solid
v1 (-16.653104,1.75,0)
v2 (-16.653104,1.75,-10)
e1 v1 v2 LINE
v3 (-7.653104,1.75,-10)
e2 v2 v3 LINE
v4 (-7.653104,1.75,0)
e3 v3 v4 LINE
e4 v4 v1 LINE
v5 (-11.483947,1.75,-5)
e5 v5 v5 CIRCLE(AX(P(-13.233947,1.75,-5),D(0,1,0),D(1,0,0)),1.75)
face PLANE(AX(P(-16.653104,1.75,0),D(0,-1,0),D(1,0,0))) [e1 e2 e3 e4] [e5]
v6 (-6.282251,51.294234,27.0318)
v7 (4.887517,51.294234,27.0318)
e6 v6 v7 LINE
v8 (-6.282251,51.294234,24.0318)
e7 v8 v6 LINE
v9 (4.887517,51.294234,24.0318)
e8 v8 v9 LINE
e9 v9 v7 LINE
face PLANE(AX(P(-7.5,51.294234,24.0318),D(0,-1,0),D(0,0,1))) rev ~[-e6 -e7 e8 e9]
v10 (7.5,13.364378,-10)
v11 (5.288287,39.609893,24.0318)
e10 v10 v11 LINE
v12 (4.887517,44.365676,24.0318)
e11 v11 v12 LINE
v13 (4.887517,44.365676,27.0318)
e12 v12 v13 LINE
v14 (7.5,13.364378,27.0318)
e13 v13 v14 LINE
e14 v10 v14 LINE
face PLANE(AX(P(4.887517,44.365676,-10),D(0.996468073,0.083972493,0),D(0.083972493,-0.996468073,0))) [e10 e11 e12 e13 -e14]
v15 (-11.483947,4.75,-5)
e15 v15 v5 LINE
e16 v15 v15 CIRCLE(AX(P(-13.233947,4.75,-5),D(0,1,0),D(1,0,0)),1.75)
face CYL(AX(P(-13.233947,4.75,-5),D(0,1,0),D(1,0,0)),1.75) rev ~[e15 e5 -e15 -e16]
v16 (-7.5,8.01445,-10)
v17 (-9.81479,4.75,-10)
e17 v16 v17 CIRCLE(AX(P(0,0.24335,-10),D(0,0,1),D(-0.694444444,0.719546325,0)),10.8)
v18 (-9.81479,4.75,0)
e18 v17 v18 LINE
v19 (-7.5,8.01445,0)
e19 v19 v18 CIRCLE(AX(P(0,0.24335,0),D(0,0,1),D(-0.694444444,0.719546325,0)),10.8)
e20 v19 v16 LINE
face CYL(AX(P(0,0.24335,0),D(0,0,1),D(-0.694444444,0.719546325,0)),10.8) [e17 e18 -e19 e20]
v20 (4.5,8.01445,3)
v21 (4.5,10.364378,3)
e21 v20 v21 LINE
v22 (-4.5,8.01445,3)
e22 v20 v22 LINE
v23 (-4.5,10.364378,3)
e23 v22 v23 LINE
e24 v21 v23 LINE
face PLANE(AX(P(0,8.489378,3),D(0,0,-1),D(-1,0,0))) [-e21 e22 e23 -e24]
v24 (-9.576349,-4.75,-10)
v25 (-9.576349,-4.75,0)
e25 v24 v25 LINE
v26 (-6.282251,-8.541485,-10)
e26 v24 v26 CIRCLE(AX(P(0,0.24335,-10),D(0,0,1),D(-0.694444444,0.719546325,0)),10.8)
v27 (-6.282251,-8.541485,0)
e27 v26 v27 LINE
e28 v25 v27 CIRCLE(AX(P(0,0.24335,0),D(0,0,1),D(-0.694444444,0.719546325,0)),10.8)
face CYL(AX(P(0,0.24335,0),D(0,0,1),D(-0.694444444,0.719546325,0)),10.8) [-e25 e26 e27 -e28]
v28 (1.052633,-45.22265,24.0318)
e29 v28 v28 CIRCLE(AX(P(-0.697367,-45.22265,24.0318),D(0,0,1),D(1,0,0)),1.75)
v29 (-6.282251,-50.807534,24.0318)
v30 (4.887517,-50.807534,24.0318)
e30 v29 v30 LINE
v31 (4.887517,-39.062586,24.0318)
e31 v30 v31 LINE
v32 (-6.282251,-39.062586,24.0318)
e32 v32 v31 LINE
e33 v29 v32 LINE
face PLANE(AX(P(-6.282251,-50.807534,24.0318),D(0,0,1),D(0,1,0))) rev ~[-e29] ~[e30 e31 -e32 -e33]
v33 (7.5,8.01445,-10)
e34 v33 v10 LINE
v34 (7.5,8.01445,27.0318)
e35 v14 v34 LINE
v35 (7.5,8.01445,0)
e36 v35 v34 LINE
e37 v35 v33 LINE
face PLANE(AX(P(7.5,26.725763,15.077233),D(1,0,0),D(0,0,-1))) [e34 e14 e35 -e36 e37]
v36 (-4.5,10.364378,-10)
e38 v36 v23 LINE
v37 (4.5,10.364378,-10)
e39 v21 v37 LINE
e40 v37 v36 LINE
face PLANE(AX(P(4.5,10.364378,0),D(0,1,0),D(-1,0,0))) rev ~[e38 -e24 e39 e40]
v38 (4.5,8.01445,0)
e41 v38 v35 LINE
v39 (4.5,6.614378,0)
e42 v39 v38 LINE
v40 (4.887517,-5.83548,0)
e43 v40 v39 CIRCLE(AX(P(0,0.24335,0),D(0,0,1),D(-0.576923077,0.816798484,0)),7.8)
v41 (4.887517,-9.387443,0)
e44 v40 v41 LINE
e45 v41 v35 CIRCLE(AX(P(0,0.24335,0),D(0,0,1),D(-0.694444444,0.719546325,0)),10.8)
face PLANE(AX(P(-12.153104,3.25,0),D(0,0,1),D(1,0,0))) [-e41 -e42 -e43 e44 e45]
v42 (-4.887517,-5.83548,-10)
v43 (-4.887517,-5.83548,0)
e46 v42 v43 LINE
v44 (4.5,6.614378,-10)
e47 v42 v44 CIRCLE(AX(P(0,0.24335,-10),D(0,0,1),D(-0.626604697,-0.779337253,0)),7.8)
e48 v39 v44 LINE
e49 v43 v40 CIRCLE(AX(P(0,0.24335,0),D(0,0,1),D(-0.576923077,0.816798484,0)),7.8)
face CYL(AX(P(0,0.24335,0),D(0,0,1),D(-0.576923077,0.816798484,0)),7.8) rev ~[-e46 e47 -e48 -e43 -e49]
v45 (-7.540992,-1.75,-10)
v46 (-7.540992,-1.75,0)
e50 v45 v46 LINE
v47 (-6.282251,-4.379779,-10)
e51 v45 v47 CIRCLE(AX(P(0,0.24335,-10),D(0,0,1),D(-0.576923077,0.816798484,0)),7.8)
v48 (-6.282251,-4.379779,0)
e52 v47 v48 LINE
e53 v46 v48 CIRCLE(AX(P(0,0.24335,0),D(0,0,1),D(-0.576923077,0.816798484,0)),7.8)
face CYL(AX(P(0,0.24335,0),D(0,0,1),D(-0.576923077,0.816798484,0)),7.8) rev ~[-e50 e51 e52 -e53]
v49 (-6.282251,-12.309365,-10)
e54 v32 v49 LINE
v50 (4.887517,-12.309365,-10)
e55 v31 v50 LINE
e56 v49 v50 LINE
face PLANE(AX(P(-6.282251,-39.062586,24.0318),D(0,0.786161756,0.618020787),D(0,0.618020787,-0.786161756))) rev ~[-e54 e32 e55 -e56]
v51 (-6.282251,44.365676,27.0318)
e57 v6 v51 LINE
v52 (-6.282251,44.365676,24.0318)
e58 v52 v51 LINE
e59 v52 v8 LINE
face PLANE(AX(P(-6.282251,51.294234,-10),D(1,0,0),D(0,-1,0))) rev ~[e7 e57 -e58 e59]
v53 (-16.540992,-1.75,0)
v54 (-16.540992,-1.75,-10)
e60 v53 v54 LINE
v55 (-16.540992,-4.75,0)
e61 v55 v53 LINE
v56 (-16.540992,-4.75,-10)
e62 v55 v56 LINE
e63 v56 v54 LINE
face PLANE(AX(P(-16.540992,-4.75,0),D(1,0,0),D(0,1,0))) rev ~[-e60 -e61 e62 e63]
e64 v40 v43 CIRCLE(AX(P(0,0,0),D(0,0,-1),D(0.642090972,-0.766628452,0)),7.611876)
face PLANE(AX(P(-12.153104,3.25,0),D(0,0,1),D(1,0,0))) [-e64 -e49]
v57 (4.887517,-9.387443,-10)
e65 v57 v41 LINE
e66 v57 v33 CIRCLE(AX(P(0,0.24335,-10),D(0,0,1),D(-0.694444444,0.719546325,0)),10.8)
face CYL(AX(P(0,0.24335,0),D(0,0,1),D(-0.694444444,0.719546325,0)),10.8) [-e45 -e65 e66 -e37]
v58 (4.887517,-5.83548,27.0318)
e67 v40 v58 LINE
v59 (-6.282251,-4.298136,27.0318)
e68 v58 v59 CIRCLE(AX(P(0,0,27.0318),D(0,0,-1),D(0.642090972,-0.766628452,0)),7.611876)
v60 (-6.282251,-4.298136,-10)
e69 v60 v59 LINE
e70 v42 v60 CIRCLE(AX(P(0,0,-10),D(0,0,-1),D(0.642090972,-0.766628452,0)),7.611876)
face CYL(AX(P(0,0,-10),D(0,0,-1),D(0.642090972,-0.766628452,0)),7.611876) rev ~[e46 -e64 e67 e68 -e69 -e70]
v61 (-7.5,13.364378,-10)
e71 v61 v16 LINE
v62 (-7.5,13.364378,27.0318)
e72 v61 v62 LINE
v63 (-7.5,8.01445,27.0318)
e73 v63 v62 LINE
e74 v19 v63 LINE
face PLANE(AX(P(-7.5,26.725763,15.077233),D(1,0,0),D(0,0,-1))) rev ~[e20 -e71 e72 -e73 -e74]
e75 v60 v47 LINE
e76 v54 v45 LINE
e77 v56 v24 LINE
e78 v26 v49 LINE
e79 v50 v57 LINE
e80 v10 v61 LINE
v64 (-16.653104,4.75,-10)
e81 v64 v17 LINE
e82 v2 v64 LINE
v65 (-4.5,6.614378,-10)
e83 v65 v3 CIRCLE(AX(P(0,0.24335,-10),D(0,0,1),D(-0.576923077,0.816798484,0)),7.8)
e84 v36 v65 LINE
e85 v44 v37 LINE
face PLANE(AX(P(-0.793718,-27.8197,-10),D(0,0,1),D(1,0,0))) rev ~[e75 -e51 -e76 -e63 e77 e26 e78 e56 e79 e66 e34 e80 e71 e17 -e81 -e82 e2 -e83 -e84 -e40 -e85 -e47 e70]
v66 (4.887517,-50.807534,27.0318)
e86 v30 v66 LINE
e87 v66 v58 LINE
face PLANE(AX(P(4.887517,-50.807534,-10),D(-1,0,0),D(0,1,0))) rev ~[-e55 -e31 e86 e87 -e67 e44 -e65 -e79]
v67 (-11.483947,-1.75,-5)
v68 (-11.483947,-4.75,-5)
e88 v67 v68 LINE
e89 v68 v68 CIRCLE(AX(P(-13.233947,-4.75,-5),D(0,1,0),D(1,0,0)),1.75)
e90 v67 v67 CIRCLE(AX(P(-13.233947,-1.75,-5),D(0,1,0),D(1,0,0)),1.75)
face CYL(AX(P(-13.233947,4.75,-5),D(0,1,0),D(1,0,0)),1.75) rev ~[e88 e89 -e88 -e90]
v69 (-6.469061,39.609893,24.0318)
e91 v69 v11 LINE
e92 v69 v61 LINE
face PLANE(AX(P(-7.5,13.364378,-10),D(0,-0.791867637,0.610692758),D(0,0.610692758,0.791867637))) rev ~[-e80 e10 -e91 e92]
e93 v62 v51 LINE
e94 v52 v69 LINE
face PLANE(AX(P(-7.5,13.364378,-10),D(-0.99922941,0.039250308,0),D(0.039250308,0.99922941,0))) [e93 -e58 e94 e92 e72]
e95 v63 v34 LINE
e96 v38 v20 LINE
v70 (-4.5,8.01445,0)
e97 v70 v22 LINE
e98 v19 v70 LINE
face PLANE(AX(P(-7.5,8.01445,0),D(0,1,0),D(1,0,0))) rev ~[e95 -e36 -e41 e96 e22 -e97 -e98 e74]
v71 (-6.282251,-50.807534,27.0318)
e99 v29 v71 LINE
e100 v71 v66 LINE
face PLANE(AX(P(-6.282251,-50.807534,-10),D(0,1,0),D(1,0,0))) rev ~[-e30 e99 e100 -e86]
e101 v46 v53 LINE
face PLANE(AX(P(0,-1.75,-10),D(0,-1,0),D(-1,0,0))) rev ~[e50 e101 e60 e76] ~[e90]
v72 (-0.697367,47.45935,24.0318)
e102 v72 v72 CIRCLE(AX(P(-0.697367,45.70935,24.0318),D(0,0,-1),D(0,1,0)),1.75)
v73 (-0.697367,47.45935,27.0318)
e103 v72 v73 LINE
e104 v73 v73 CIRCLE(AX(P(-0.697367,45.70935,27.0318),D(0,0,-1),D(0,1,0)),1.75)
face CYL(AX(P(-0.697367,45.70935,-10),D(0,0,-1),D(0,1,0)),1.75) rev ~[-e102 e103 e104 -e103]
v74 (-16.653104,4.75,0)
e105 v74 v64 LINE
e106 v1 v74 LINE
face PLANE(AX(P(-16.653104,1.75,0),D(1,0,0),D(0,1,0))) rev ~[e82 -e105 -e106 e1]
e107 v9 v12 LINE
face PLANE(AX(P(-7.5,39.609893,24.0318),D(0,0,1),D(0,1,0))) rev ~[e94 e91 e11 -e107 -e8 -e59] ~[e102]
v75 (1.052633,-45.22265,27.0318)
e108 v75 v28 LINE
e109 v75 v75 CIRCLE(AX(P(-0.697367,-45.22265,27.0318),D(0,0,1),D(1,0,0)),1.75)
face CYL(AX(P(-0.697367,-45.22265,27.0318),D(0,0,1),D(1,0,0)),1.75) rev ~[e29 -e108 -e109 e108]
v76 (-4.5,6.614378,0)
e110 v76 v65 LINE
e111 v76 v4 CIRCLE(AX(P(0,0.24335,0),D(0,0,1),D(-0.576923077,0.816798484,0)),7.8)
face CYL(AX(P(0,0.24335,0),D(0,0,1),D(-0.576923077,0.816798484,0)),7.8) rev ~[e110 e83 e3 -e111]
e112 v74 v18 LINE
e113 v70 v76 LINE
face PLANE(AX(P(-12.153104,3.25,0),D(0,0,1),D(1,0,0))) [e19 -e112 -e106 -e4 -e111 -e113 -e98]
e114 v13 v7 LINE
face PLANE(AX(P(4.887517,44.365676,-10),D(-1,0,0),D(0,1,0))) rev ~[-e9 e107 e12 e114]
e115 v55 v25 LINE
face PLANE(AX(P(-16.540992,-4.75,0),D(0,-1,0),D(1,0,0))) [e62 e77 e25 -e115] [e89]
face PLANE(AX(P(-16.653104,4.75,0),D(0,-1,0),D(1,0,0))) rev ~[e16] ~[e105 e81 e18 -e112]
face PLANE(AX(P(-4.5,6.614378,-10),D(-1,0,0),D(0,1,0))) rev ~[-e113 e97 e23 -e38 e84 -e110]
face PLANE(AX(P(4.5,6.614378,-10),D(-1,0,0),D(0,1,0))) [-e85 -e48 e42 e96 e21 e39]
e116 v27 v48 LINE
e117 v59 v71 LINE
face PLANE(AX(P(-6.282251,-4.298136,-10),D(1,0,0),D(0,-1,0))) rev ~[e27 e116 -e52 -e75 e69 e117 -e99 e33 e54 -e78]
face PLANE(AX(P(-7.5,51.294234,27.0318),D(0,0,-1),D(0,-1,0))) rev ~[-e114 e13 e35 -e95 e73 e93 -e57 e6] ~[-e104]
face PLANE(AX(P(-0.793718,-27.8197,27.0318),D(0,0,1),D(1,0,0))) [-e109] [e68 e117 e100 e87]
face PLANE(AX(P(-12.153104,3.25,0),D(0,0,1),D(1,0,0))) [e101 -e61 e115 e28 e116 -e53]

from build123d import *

# Parameters (mm, degrees)
EXTRUDE_THIN1_DEPTH = 10
SKETCH2_W           = 17.824072676
SKETCH2_H           = 3.5
CUT_EXTRUDE1_DEPTH  = 10
SKETCH3_W           = 9
SKETCH3_H           = 3
BOSS_EXTRUDE1_DEPTH = 10
SKETCH4_R           = 1.75
CUT_EXTRUDE2_DEPTH  = 10
SKETCH5_W           = 15
SKETCH5_H           = 5.349927867
BOSS_EXTRUDE2_DEPTH = 27.0318
SKETCH6_W           = 9
SKETCH6_H           = 3.75
CUT_EXTRUDE3_DEPTH  = 13
BOSS_EXTRUDE3_DEPTH = 15
CUT_EXTRUDE8_REACH  = 67.42
SKETCH8_R           = 1.75
BOSS_EXTRUDE4_DEPTH = 37.0318
CUT_EXTRUDE6_DEPTH  = 11.169767789
SKETCH13_R          = 1.75
CUT_EXTRUDE9_DEPTH  = 3


with BuildPart() as part:
    # Sketch1 → Extrude-Thin1 (new body)
    with BuildSketch(Plane.XY):
        with BuildLine():
            Line((7.5, 8.014450411), (7.5, 13.364378278))
            Line((7.5, 13.364378278), (-7.5, 13.364378278))
            Line((-7.5, 13.364378278), (-7.5, 8.014450411))
            ThreePointArc((-7.5, 8.014450411), (0, -10.556649897), (7.5, 8.014450411))
        make_face()
        with BuildLine():
            Line((4.5, 6.614378278), (4.5, 10.364378278))
            Line((4.5, 10.364378278), (-4.5, 10.364378278))
            Line((-4.5, 10.364378278), (-4.5, 6.614378278))
            ThreePointArc((-4.5, 6.614378278), (0, -7.556649897), (4.5, 6.614378278))
        make_face(mode=Mode.SUBTRACT)
    extrude(amount=-EXTRUDE_THIN1_DEPTH)

    # Sketch2 → Cut-Extrude1 (cut)
    with BuildSketch(Plane(origin=(0, 0, -10), x_dir=(-1, 0, 0), z_dir=(0, 0, -1))):
        with Locations((8.912036338, 0)):
            Rectangle(SKETCH2_W, SKETCH2_H)
    extrude(amount=-CUT_EXTRUDE1_DEPTH, mode=Mode.SUBTRACT)

    # Sketch3 → Boss-Extrude1 (add)
    with BuildSketch(Plane.XY):
        with Locations((-12.153104343, 3.25)):
            Rectangle(SKETCH3_W, SKETCH3_H)
        with Locations((-12.04099167, -3.25)):
            Rectangle(SKETCH3_W, SKETCH3_H)
    extrude(amount=-BOSS_EXTRUDE1_DEPTH)

    # Sketch4 → Cut-Extrude2 (cut)
    with BuildSketch(Plane(origin=(0, 4.75, 0), x_dir=(1, 0, 0), z_dir=(0, 1, 0))):
        with Locations((-13.233947273, 5)):
            Circle(SKETCH4_R)
    extrude(amount=-CUT_EXTRUDE2_DEPTH, mode=Mode.SUBTRACT)

    # Sketch5 → Boss-Extrude2 (add)
    with BuildSketch(Plane.XY):
        with Locations((0, 10.689414345)):
            Rectangle(SKETCH5_W, SKETCH5_H)
    extrude(amount=BOSS_EXTRUDE2_DEPTH)

    # Sketch6 → Cut-Extrude3 (cut)
    with BuildSketch(Plane(origin=(0, 0, -10), x_dir=(-1, 0, 0), z_dir=(0, 0, -1))):
        with Locations((0, 8.489378278)):
            Rectangle(SKETCH6_W, SKETCH6_H)
    extrude(amount=-CUT_EXTRUDE3_DEPTH, mode=Mode.SUBTRACT)

    # Sketch7 → Boss-Extrude3 (add)
    with BuildSketch(Plane.ZY.offset(7.5)):
        Polygon((27.0318, 13.364378278), (-10, 13.364378278), (24.0318, 39.609893084), (24.0318, 51.294233998), (27.0318, 51.294233998), align=None)
    extrude(amount=-BOSS_EXTRUDE3_DEPTH)

    # Cut-Extrude8: up to this face of the body (flat: up to its plane)
    cut_extrude8_end = Plane(part.part.faces().sort_by_distance((0, 29.654342205, 27.0318))[0])
    # Sketch8 → Cut-Extrude8 (cut, up to the picked face)
    with BuildSketch(Plane(origin=(0, 0, -10), x_dir=(-1, 0, 0), z_dir=(0, 0, -1)), mode=Mode.PRIVATE) as cut_extrude8_sk1:
        with Locations(Location((0.697367247, 45.709350103, 0), (0, 0, 90))):
            Circle(SKETCH8_R)
    cut_extrude8_tool1 = split(extrude(cut_extrude8_sk1.sketch, amount=-CUT_EXTRUDE8_REACH, mode=Mode.PRIVATE), bisect_by=cut_extrude8_end, keep=Keep.BOTH, mode=Mode.PRIVATE)
    # Sketch8 → Cut-Extrude8 (cut, up to the picked face)
    with BuildSketch(Plane(origin=(0, 0, -10), x_dir=(-1, 0, 0), z_dir=(0, 0, -1)), mode=Mode.PRIVATE) as cut_extrude8_sk2:
        Polygon((6.282251141, 44.365676022), (6.282251141, 47.053024185), (6.282251141, 51.294233998), (7.5, 51.294233998), (7.5, 39.609893084), (7.5, 13.364378278), align=None)
    cut_extrude8_tool2 = split(extrude(cut_extrude8_sk2.sketch, amount=-CUT_EXTRUDE8_REACH, mode=Mode.PRIVATE), bisect_by=cut_extrude8_end, keep=Keep.BOTH, mode=Mode.PRIVATE)
    # Sketch8 → Cut-Extrude8 (cut, up to the picked face)
    with BuildSketch(Plane(origin=(0, 0, -10), x_dir=(-1, 0, 0), z_dir=(0, 0, -1)), mode=Mode.PRIVATE) as cut_extrude8_sk3:
        Polygon((-4.887516648, 47.053024185), (-4.887516648, 44.365676022), (-7.5, 13.364378278), (-7.5, 39.609893084), (-7.5, 51.294233998), (-4.887516648, 51.294233998), align=None)
    cut_extrude8_tool3 = split(extrude(cut_extrude8_sk3.sketch, amount=-CUT_EXTRUDE8_REACH, mode=Mode.PRIVATE), bisect_by=cut_extrude8_end, keep=Keep.BOTH, mode=Mode.PRIVATE)
    add(cut_extrude8_tool1.solids().sort_by(Axis((-0.697367, 45.70935, -10), (0, 0, 1)))[0], mode=Mode.SUBTRACT)
    add(cut_extrude8_tool2.solids().sort_by(Axis((-7.031388, 38.294234, -10), (0, 0, 1)))[0], mode=Mode.SUBTRACT)
    add(cut_extrude8_tool3.solids().sort_by(Axis((6.494669, 38.294234, -10), (0, 0, 1)))[0], mode=Mode.SUBTRACT)

    # Sketch11 → Boss-Extrude4 (add)
    with BuildSketch(Plane(origin=(0, 0, -10), x_dir=(-1, 0, 0), z_dir=(0, 0, -1))):
        with BuildLine():
            Line((6.282251141, -43.878975815), (6.282251141, -46.566323978))
            Line((6.282251141, -46.566323978), (6.282251141, -50.807533791))
            Line((6.282251141, -50.807533791), (2.041041328, -50.807533791))
            Line((2.041041328, -50.807533791), (-0.646306835, -50.807533791))
            Line((-0.646306835, -50.807533791), (-4.887516648, -50.807533791))
            Line((-4.887516648, -50.807533791), (-4.887516648, -46.566323978))
            Line((-4.887516648, -46.566323978), (-4.887516648, -43.878975815))
            Line((-4.887516648, -43.878975815), (-4.887516648, -5.83548046))
            ThreePointArc((-4.887516648, -5.83548046), (1.037871953, -7.540787293), (6.282251141, -4.298135849))
            Line((6.282251141, -4.298135849), (6.282251141, -43.878975815))
        make_face()
    extrude(amount=-BOSS_EXTRUDE4_DEPTH)

    # Sketch12 → Cut-Extrude6 (cut)
    with BuildSketch(Plane(origin=(-6.282251141, 0, 0), x_dir=(0, 0, -1), z_dir=(1, 0, 0))):
        Polygon((10, -12.309364669), (10, -50.807533791), (-24.0318, -50.807533791), (-24.0318, -39.062586463), align=None)
    extrude(amount=CUT_EXTRUDE6_DEPTH, mode=Mode.SUBTRACT)

    # Sketch13 → Cut-Extrude9 (cut)
    with BuildSketch(Plane.XY.offset(27.0318)):
        with Locations((-0.697367247, -45.222649897)):
            Circle(SKETCH13_R)
    extrude(amount=-CUT_EXTRUDE9_DEPTH, mode=Mode.SUBTRACT)


solid = part.part
